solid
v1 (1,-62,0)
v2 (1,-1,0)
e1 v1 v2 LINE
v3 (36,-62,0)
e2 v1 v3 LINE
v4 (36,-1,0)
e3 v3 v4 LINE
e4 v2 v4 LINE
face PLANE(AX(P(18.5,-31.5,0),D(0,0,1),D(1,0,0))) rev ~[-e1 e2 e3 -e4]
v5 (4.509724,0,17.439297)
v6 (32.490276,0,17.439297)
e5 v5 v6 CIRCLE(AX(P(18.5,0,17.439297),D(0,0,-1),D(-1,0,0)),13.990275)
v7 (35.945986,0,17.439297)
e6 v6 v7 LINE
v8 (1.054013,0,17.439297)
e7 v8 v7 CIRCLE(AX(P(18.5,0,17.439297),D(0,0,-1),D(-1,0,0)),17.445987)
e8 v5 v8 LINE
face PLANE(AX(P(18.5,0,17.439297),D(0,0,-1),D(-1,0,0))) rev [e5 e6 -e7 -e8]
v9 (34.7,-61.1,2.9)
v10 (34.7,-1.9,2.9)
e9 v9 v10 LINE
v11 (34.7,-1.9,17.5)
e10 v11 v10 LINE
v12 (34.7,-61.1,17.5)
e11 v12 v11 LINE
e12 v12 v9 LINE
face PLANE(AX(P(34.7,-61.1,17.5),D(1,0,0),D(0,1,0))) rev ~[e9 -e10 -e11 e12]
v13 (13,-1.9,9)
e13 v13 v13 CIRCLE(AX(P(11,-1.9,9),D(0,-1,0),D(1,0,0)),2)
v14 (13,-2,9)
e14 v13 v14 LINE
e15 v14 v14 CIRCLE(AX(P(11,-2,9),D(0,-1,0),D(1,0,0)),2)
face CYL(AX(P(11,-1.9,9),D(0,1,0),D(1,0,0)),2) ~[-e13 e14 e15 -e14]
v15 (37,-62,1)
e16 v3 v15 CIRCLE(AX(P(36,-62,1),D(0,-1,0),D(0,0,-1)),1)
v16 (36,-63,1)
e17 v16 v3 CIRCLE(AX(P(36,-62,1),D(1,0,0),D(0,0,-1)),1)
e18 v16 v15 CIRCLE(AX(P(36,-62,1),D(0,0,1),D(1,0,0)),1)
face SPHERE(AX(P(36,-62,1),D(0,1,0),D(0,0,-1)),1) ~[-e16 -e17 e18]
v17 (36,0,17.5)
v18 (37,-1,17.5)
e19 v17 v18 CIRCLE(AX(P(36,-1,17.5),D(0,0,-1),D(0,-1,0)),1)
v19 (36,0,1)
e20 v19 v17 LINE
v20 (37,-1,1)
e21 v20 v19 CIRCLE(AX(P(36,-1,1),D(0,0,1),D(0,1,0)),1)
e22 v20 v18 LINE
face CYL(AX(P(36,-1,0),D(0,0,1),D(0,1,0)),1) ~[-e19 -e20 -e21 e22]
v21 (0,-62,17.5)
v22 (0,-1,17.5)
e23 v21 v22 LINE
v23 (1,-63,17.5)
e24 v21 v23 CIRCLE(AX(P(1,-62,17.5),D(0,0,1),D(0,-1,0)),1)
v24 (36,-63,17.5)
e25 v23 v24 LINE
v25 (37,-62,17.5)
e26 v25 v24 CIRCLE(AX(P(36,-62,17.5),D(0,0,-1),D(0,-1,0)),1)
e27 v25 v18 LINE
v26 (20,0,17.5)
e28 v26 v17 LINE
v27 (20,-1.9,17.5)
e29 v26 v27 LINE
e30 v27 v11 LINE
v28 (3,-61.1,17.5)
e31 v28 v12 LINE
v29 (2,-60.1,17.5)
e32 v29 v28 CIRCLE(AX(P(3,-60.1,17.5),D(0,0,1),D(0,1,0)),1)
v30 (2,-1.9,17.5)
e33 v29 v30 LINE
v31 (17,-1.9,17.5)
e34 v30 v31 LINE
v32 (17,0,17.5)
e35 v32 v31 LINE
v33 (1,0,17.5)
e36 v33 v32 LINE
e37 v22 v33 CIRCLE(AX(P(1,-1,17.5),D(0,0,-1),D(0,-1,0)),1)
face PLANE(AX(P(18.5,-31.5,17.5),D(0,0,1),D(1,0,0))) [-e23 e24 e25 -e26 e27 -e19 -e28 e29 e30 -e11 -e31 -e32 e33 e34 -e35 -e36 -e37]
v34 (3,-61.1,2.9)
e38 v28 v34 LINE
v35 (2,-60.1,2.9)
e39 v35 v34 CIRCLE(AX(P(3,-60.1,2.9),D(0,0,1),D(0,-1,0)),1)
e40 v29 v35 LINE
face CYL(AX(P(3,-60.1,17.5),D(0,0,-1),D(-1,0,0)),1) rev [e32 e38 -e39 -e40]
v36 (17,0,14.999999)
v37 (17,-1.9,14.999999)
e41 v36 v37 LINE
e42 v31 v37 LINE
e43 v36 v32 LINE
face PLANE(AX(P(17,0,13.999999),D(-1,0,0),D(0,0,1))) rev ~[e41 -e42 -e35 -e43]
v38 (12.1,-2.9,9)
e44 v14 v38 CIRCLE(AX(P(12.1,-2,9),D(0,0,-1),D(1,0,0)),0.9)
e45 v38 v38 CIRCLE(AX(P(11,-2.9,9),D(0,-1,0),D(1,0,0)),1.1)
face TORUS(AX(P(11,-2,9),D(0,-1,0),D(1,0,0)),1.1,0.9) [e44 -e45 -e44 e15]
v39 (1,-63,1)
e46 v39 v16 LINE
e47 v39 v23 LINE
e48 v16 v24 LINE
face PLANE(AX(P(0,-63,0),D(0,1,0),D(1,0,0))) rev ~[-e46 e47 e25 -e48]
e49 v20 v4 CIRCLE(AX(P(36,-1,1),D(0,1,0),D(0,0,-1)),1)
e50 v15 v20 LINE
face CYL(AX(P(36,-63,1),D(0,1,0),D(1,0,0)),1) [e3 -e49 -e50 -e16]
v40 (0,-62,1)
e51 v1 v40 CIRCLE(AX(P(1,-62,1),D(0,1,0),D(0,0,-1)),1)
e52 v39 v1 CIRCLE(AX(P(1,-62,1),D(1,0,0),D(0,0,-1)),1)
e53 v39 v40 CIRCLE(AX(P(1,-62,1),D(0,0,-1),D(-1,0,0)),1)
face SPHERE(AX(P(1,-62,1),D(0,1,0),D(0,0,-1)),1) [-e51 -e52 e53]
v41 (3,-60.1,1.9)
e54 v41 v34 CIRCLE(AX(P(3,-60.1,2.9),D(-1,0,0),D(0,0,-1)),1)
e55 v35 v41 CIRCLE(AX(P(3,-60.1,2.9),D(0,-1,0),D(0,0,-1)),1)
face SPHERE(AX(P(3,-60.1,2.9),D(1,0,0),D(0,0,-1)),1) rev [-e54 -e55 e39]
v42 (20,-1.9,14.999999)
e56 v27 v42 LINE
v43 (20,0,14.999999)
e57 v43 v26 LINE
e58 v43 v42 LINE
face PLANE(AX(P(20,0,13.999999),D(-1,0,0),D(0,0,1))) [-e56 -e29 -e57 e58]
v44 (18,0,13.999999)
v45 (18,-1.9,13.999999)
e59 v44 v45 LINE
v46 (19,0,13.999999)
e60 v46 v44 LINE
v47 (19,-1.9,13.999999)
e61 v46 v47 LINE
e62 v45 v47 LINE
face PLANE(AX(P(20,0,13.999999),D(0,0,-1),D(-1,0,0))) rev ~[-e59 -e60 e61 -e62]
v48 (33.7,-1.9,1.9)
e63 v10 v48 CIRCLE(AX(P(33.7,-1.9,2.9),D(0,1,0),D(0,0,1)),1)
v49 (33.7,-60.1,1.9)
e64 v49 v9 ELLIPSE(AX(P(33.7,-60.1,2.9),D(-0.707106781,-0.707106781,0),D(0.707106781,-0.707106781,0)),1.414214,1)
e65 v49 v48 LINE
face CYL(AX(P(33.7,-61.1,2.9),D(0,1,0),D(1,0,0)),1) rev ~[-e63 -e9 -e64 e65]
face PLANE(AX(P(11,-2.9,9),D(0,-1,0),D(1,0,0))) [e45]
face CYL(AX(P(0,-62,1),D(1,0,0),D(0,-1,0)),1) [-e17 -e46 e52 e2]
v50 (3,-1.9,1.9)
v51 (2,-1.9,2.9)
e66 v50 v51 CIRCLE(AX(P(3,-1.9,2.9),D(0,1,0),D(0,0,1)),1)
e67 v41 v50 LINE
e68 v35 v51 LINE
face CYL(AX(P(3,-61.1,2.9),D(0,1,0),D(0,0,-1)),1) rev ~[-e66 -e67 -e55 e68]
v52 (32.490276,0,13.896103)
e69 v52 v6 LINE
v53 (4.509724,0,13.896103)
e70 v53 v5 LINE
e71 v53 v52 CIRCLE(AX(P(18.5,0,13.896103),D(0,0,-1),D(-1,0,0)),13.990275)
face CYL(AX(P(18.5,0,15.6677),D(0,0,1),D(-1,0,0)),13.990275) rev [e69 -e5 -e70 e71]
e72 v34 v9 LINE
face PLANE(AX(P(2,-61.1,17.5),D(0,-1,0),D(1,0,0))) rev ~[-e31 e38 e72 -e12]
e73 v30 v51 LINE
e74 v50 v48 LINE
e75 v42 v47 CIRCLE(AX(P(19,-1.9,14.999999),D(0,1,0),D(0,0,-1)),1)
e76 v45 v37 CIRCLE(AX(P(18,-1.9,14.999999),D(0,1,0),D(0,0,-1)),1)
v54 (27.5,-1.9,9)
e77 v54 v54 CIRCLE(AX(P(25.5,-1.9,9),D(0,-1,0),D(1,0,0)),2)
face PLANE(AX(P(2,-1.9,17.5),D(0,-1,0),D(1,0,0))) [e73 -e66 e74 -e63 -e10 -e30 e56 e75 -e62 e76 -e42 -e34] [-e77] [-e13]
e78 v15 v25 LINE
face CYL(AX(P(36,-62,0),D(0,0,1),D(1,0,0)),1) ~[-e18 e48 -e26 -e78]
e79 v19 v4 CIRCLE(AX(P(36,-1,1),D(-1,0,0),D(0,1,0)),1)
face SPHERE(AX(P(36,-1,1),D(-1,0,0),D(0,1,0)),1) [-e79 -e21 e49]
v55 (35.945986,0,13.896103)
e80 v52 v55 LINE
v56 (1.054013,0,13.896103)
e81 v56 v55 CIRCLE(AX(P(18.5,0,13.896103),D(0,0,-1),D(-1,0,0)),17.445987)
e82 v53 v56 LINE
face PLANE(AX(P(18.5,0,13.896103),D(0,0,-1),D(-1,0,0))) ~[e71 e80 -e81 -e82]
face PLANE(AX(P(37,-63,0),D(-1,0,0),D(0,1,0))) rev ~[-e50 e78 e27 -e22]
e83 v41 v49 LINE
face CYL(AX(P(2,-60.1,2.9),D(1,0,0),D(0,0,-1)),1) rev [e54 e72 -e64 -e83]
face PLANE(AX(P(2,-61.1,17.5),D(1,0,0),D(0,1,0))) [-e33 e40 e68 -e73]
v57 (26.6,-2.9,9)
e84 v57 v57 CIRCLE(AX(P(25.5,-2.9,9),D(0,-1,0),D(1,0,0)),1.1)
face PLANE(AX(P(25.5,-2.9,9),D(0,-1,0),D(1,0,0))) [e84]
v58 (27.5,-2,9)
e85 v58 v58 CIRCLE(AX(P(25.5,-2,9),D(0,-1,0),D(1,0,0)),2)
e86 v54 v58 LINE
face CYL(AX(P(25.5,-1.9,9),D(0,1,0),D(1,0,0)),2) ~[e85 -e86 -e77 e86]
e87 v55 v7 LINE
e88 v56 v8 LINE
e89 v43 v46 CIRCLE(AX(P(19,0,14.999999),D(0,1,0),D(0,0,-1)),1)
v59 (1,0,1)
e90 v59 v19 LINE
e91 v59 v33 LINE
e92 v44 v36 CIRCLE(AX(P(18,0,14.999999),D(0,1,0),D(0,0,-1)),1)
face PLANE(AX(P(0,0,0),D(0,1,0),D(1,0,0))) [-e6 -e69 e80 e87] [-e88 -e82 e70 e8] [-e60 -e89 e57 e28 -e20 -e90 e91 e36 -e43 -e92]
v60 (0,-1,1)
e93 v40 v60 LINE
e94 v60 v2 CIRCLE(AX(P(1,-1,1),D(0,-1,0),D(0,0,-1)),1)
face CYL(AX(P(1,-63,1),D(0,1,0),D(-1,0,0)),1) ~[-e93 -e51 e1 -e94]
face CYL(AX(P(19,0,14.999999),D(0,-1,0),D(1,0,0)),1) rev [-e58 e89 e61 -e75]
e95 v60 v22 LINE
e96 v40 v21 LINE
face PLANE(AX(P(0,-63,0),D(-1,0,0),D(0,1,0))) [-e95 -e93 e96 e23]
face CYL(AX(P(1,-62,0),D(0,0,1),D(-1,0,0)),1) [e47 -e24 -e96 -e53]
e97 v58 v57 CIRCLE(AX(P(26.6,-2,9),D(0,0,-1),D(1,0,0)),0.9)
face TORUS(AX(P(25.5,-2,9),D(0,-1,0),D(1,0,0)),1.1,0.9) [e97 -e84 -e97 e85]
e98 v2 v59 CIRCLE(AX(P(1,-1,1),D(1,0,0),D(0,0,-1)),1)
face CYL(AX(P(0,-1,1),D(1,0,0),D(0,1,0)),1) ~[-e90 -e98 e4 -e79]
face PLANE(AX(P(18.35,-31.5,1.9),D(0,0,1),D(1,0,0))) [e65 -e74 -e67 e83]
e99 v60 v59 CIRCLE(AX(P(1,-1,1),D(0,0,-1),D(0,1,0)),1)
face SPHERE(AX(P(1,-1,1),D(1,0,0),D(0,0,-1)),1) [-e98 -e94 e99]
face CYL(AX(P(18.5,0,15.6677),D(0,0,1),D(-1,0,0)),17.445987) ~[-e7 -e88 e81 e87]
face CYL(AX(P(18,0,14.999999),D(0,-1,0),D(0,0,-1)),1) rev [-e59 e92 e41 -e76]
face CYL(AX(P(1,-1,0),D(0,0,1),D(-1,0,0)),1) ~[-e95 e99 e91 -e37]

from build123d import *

# Parameters (mm, degrees)
SKETCH_W         = 37
SKETCH_H         = 63
PAD_DEPTH        = 17.5
SKETCH001_W      = 32.7
SKETCH001_H      = 59.2
POCKET_DEPTH     = 15.6
SKETCH002_R      = 2
PAD001_DEPTH     = 1
FILLET_R         = 0.9
FILLET001_R      = 0.9
SKETCH004_W      = 3
SKETCH004_H      = 13.390789
POCKET001_DEPTH  = 5
FILLET002_R      = 1
SKETCH005_W      = 3.455711
SKETCH005_H      = 3.543194
REVOLUTION_ANGLE = 180
FILLET003_R      = 1


with BuildPart() as part:
    # Sketch → Pad (new body)
    with BuildSketch(Plane.XY):
        with Locations((18.5, -31.5)):
            Rectangle(SKETCH_W, SKETCH_H)
    extrude(amount=PAD_DEPTH)

    # Sketch001 (on Face6 of Pad) → Pocket (cut)
    with BuildSketch(Plane.XY.offset(17.5)):
        with Locations((18.35, -31.5)):
            Rectangle(SKETCH001_W, SKETCH001_H)
    extrude(amount=-POCKET_DEPTH, mode=Mode.SUBTRACT)

    # Sketch002 (on Face10 of Pocket) → Pad001 (join)
    with BuildSketch(Plane.XZ.offset(1.9)):
        with Locations((11, 9)):
            Circle(SKETCH002_R)
        with Locations((25.5, 9)):
            Circle(SKETCH002_R)
    extrude(amount=PAD001_DEPTH)

    # Fillet
    fillet_edges = [part.edges().sort_by_distance(p)[0] for p in [
        (9, -2.9, 9),
    ]]
    fillet(fillet_edges, radius=FILLET_R)

    # Fillet001
    fillet001_edges = [part.edges().sort_by_distance(p)[0] for p in [
        (23.5, -2.9, 9),
    ]]
    fillet(fillet001_edges, radius=FILLET001_R)

    # Sketch004 (on Face11 of Fillet001) → Pocket001 (cut)
    with BuildSketch(Plane(origin=(0, 0, 0), x_dir=(-1, 0, 0), z_dir=(0, 1, 0))):
        with Locations((-18.5, 20.695394)):
            Rectangle(SKETCH004_W, SKETCH004_H)
    extrude(amount=-POCKET001_DEPTH, mode=Mode.SUBTRACT)

    # Fillet002
    fillet002_edges = [part.edges().sort_by_distance(p)[0] for p in [
        (18.5, 0, 0),
        (18.35, -61.1, 1.9),
        (13, -1.95, 9),
        (37, 0, 8.75),
        (9, -2, 9),
        (2, -31.5, 1.9),
        (34.7, -31.5, 1.9),
        (2, -61.1, 9.7),
        (37, -31.5, 0),
        (0, -31.5, 0),
        (18.5, -63, 0),
        (0, -63, 8.75),
        (37, -63, 8.75),
        (0, 0, 8.75),
    ]]
    fillet(fillet002_edges, radius=FILLET002_R)

    # Sketch005 (on Face15 of Fillet002) → Revolution (revolve)
    with BuildSketch(Plane(origin=(0, 0, 0), x_dir=(-1, 0, 0), z_dir=(0, 1, 0))):
        with Locations((-2.781869, 15.6677)):
            Rectangle(SKETCH005_W, SKETCH005_H)
    revolve(axis=Axis((18.5, 0, 22.777559), (0, 0, -1)), revolution_arc=REVOLUTION_ANGLE)

    # Fillet003
    fillet003_edges = [part.edges().sort_by_distance(p)[0] for p in [
        (17, -0.95, 14),
        (20, -0.95, 14),
    ]]
    fillet(fillet003_edges, radius=FILLET003_R)


solid = part.part
